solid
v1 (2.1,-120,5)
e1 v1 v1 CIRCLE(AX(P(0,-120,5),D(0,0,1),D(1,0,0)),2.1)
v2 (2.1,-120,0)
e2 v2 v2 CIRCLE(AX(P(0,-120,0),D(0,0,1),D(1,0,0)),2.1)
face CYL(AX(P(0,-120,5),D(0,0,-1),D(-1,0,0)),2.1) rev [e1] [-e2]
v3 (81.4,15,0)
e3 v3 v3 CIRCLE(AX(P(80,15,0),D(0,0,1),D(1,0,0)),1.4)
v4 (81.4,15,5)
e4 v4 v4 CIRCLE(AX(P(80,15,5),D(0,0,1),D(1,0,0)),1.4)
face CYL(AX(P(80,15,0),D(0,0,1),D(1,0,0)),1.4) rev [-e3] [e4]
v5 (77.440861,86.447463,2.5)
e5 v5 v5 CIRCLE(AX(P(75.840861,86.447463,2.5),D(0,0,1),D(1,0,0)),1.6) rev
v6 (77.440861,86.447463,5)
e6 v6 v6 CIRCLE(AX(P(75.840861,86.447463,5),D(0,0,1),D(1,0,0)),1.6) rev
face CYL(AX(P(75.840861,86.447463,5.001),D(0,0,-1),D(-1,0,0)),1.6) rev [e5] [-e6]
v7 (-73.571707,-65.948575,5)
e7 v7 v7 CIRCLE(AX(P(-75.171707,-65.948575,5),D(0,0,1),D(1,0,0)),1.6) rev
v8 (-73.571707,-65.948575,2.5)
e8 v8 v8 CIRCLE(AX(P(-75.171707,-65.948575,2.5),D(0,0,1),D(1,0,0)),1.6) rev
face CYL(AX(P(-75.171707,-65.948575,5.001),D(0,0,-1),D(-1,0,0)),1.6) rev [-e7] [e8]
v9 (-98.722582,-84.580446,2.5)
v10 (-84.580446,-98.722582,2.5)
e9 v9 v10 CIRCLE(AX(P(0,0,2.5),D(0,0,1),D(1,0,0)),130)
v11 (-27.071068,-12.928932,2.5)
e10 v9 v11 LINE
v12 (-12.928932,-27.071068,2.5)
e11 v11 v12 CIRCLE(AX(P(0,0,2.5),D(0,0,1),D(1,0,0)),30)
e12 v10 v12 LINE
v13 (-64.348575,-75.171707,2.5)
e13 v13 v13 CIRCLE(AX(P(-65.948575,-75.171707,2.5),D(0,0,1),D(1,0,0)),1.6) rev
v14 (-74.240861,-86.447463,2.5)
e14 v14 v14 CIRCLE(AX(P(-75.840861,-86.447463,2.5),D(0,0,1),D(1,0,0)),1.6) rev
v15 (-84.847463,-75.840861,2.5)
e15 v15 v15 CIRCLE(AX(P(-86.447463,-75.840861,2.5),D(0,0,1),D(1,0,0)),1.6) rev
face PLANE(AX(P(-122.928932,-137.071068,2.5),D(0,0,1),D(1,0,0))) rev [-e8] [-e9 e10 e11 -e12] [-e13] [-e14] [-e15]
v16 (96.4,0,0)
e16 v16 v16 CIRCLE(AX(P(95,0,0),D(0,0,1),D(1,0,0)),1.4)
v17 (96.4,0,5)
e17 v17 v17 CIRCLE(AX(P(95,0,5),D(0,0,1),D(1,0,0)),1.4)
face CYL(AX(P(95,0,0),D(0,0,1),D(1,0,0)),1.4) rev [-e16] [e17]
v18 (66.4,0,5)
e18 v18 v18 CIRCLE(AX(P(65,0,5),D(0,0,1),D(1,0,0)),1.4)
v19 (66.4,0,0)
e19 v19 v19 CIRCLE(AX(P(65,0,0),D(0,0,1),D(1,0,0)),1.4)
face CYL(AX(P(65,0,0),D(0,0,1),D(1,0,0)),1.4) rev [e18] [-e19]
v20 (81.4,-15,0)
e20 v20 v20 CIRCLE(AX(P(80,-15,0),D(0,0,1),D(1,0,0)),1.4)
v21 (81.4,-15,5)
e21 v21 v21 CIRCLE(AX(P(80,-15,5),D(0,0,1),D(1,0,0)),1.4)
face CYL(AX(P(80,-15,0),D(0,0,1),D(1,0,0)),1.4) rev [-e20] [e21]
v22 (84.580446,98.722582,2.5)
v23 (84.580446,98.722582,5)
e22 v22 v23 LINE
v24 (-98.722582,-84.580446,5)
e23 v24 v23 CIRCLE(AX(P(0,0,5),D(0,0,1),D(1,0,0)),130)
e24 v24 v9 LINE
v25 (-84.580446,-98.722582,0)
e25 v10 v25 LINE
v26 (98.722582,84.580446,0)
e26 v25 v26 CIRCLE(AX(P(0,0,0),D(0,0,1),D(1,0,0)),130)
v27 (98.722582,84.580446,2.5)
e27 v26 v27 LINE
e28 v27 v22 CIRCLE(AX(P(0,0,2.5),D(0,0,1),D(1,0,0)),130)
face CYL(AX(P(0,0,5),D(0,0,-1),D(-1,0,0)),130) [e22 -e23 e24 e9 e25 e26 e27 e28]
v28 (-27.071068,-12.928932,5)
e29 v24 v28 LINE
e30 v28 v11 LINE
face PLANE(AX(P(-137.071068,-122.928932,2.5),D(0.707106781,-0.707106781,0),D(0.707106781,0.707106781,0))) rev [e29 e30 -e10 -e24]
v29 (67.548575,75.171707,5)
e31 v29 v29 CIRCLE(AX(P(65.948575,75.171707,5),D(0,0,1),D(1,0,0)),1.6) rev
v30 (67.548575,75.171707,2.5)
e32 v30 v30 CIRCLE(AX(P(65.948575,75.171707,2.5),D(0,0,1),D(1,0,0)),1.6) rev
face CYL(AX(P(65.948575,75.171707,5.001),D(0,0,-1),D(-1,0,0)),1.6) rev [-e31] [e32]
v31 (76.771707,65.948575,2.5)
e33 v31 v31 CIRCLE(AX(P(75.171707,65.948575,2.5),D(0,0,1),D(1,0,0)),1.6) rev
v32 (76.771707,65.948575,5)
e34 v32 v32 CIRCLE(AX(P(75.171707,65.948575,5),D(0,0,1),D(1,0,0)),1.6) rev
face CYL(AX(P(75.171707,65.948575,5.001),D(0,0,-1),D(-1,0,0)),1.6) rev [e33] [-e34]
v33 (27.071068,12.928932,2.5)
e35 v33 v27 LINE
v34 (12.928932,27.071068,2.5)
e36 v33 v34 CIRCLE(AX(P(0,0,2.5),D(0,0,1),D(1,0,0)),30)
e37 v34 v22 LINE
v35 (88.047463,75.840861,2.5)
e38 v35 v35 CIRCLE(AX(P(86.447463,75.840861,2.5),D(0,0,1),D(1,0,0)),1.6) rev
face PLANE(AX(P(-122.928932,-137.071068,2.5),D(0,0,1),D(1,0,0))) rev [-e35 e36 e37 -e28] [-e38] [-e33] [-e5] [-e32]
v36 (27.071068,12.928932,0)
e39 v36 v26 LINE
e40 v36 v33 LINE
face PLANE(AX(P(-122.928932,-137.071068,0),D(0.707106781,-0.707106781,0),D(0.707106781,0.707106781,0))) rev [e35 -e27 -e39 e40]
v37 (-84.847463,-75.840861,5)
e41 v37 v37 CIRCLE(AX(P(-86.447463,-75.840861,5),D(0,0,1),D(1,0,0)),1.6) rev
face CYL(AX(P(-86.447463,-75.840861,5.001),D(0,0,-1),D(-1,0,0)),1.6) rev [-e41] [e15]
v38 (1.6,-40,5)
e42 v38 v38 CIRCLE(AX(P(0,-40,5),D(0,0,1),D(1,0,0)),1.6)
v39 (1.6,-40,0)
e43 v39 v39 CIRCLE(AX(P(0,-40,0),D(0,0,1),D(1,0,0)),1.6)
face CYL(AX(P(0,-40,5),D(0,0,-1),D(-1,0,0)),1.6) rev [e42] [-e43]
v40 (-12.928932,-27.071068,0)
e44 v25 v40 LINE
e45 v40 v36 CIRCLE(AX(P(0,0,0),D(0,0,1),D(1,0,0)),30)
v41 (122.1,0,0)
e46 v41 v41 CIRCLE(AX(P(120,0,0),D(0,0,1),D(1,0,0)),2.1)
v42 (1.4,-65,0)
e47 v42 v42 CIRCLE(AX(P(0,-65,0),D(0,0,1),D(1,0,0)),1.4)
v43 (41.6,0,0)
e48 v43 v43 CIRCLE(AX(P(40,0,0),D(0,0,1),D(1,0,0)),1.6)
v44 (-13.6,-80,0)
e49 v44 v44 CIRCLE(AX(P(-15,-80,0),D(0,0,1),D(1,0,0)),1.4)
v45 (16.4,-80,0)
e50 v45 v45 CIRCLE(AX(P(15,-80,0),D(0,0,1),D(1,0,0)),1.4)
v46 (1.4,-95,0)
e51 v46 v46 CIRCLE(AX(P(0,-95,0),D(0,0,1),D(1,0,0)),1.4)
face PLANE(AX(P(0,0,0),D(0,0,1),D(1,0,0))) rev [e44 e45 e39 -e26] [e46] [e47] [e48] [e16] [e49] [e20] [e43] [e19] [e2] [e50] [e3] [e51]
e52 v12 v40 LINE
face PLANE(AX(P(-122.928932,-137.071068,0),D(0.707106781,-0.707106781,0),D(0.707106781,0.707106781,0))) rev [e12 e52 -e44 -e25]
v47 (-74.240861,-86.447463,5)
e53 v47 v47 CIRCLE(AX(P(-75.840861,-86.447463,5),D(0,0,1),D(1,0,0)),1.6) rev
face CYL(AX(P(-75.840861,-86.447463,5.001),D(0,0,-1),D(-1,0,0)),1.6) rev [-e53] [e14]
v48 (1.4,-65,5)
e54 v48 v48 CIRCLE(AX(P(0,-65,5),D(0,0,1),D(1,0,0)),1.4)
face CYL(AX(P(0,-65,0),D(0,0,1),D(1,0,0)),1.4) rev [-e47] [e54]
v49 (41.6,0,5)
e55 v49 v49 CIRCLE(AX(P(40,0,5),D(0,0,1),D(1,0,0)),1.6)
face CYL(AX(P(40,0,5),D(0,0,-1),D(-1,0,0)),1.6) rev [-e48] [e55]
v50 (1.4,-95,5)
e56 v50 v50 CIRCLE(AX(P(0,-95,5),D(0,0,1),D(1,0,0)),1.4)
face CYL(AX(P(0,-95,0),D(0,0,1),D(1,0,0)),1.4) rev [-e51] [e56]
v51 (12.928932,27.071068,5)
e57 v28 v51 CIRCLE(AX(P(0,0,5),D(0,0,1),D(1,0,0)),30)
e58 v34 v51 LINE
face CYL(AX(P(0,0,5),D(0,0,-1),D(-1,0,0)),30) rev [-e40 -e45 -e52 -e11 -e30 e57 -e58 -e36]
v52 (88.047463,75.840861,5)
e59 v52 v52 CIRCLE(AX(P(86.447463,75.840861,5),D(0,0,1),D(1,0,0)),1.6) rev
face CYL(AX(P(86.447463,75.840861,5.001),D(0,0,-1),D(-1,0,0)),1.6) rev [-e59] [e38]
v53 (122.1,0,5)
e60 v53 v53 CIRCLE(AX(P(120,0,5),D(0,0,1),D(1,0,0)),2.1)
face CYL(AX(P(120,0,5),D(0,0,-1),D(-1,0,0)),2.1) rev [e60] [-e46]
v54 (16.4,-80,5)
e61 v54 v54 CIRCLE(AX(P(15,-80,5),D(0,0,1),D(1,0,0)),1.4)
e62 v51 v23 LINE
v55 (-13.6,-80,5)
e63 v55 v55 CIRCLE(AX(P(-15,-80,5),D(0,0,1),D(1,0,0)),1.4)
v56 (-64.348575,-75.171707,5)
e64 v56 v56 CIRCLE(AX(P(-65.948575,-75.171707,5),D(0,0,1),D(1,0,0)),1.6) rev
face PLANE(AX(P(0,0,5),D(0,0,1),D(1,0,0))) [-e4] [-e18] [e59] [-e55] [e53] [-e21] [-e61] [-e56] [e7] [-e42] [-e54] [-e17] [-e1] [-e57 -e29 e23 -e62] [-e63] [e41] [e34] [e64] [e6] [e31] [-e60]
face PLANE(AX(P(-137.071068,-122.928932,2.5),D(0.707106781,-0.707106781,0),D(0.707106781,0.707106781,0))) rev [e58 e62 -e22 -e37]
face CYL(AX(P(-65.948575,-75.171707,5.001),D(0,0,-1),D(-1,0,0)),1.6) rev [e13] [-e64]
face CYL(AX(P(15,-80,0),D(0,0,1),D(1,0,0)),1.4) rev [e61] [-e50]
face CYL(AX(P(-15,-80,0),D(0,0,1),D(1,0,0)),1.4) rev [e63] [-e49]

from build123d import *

# Parameters (mm, degrees)
SKETCH_1_R               = 130
SKETCH_1_R_2             = 30
SKETCH_1_R_3             = 2.1
SKETCH_1_R_4             = 1.6
EXTRUDE_1_DEPTH          = 5
SKETCH_2_R               = 1.4
CUT_EXTRUDE_1_DEPTH      = 1
CUT_EXTRUDE_1_DEPTH_BACK = 6
CUT_EXTRUDE_2_REACH      = 7
SKETCH_8_R               = 1.6
CUT_EXTRUDE_3_DEPTH      = 314.847763109


with BuildPart() as part:
    # 草图1 → 凸台-拉伸1 (new body)
    with BuildSketch(Plane.XY):
        Circle(SKETCH_1_R)
        Circle(SKETCH_1_R_2, mode=Mode.SUBTRACT)
        with Locations((0, 120)):
            Circle(SKETCH_1_R_3, mode=Mode.SUBTRACT)
        with Locations((120, 0)):
            Circle(SKETCH_1_R_3, mode=Mode.SUBTRACT)
        with Locations((0, -120)):
            Circle(SKETCH_1_R_3, mode=Mode.SUBTRACT)
        with Locations((-120, 0)):
            Circle(SKETCH_1_R_3, mode=Mode.SUBTRACT)
        with Locations((0, 40)):
            Circle(SKETCH_1_R_4, mode=Mode.SUBTRACT)
        with Locations((40, 0)):
            Circle(SKETCH_1_R_4, mode=Mode.SUBTRACT)
        with Locations((0, -40)):
            Circle(SKETCH_1_R_4, mode=Mode.SUBTRACT)
        with Locations((-40, 0)):
            Circle(SKETCH_1_R_4, mode=Mode.SUBTRACT)
    extrude(amount=EXTRUDE_1_DEPTH)

    # 草图2 → 切除-拉伸1 (cut, two sides)
    with BuildSketch(Plane.XY.offset(5)) as cut_extrude_1_sk:
        with Locations((0, 95)):
            Circle(SKETCH_2_R)
        with Locations((15, 80)):
            Circle(SKETCH_2_R)
        with Locations((0, 65)):
            Circle(SKETCH_2_R)
        with Locations((-15, 80)):
            Circle(SKETCH_2_R)
        with Locations((95, 0)):
            Circle(SKETCH_2_R)
        with Locations((80, -15)):
            Circle(SKETCH_2_R)
        with Locations((65, 0)):
            Circle(SKETCH_2_R)
        with Locations((80, 15)):
            Circle(SKETCH_2_R)
        with Locations((0, -95)):
            Circle(SKETCH_2_R)
        with Locations((-15, -80)):
            Circle(SKETCH_2_R)
        with Locations((0, -65)):
            Circle(SKETCH_2_R)
        with Locations((15, -80)):
            Circle(SKETCH_2_R)
        with Locations((-95, 0)):
            Circle(SKETCH_2_R)
        with Locations((-80, 15)):
            Circle(SKETCH_2_R)
        with Locations((-65, 0)):
            Circle(SKETCH_2_R)
        with Locations((-80, -15)):
            Circle(SKETCH_2_R)
    extrude(amount=CUT_EXTRUDE_1_DEPTH, mode=Mode.SUBTRACT)
    extrude(cut_extrude_1_sk.sketch, amount=-CUT_EXTRUDE_1_DEPTH_BACK, mode=Mode.SUBTRACT)

    # 草图8 → 切除-拉伸2 (cut, up to next)
    with BuildSketch(Plane(origin=(0, 0, 0), x_dir=(-1, 0, 0), z_dir=(0, 0, -1)), mode=Mode.PRIVATE) as cut_extrude_2_sk1:
        with Locations((-75.840860977, 86.447462694)):
            Circle(SKETCH_8_R)
    cut_extrude_2_tool1 = extrude(cut_extrude_2_sk1.sketch, amount=-CUT_EXTRUDE_2_REACH, mode=Mode.PRIVATE) & part.part
    add(cut_extrude_2_tool1.solids().sort_by_distance((75.840861, 86.447463, 0))[0], mode=Mode.SUBTRACT)
    # 草图8 → 切除-拉伸2 (cut, up to next)
    with BuildSketch(Plane(origin=(0, 0, 0), x_dir=(-1, 0, 0), z_dir=(0, 0, -1)), mode=Mode.PRIVATE) as cut_extrude_2_sk2:
        with Locations((-86.447462694, 75.840860977)):
            Circle(SKETCH_8_R)
    cut_extrude_2_tool2 = extrude(cut_extrude_2_sk2.sketch, amount=-CUT_EXTRUDE_2_REACH, mode=Mode.PRIVATE) & part.part
    add(cut_extrude_2_tool2.solids().sort_by_distance((86.447463, 75.840861, 0))[0], mode=Mode.SUBTRACT)
    # 草图8 → 切除-拉伸2 (cut, up to next)
    with BuildSketch(Plane(origin=(0, 0, 0), x_dir=(-1, 0, 0), z_dir=(0, 0, -1)), mode=Mode.PRIVATE) as cut_extrude_2_sk3:
        with Locations((-65.948574762, 75.171706691)):
            Circle(SKETCH_8_R)
    cut_extrude_2_tool3 = extrude(cut_extrude_2_sk3.sketch, amount=-CUT_EXTRUDE_2_REACH, mode=Mode.PRIVATE) & part.part
    add(cut_extrude_2_tool3.solids().sort_by_distance((65.948575, 75.171707, 0))[0], mode=Mode.SUBTRACT)
    # 草图8 → 切除-拉伸2 (cut, up to next)
    with BuildSketch(Plane(origin=(0, 0, 0), x_dir=(-1, 0, 0), z_dir=(0, 0, -1)), mode=Mode.PRIVATE) as cut_extrude_2_sk4:
        with Locations((-75.171706691, 65.948574762)):
            Circle(SKETCH_8_R)
    cut_extrude_2_tool4 = extrude(cut_extrude_2_sk4.sketch, amount=-CUT_EXTRUDE_2_REACH, mode=Mode.PRIVATE) & part.part
    add(cut_extrude_2_tool4.solids().sort_by_distance((75.171707, 65.948575, 0))[0], mode=Mode.SUBTRACT)
    # 草图8 → 切除-拉伸2 (cut, up to next)
    with BuildSketch(Plane(origin=(0, 0, 0), x_dir=(-1, 0, 0), z_dir=(0, 0, -1)), mode=Mode.PRIVATE) as cut_extrude_2_sk5:
        with Locations((65.948574762, -75.171706691)):
            Circle(SKETCH_8_R)
    cut_extrude_2_tool5 = extrude(cut_extrude_2_sk5.sketch, amount=-CUT_EXTRUDE_2_REACH, mode=Mode.PRIVATE) & part.part
    add(cut_extrude_2_tool5.solids().sort_by_distance((-65.948575, -75.171707, 0))[0], mode=Mode.SUBTRACT)
    # 草图8 → 切除-拉伸2 (cut, up to next)
    with BuildSketch(Plane(origin=(0, 0, 0), x_dir=(-1, 0, 0), z_dir=(0, 0, -1)), mode=Mode.PRIVATE) as cut_extrude_2_sk6:
        with Locations((75.171706691, -65.948574762)):
            Circle(SKETCH_8_R)
    cut_extrude_2_tool6 = extrude(cut_extrude_2_sk6.sketch, amount=-CUT_EXTRUDE_2_REACH, mode=Mode.PRIVATE) & part.part
    add(cut_extrude_2_tool6.solids().sort_by_distance((-75.171707, -65.948575, 0))[0], mode=Mode.SUBTRACT)
    # 草图8 → 切除-拉伸2 (cut, up to next)
    with BuildSketch(Plane(origin=(0, 0, 0), x_dir=(-1, 0, 0), z_dir=(0, 0, -1)), mode=Mode.PRIVATE) as cut_extrude_2_sk7:
        with Locations((75.840860977, -86.447462694)):
            Circle(SKETCH_8_R)
    cut_extrude_2_tool7 = extrude(cut_extrude_2_sk7.sketch, amount=-CUT_EXTRUDE_2_REACH, mode=Mode.PRIVATE) & part.part
    add(cut_extrude_2_tool7.solids().sort_by_distance((-75.840861, -86.447463, 0))[0], mode=Mode.SUBTRACT)
    # 草图8 → 切除-拉伸2 (cut, up to next)
    with BuildSketch(Plane(origin=(0, 0, 0), x_dir=(-1, 0, 0), z_dir=(0, 0, -1)), mode=Mode.PRIVATE) as cut_extrude_2_sk8:
        with Locations((86.447462694, -75.840860977)):
            Circle(SKETCH_8_R)
    cut_extrude_2_tool8 = extrude(cut_extrude_2_sk8.sketch, amount=-CUT_EXTRUDE_2_REACH, mode=Mode.PRIVATE) & part.part
    add(cut_extrude_2_tool8.solids().sort_by_distance((-86.447463, -75.840861, 0))[0], mode=Mode.SUBTRACT)

    # 草图5 → 切除-拉伸3 (cut, through all)
    with BuildSketch(Plane(origin=(91.923881554, 91.923881554, 0), x_dir=(0, 0, -1), z_dir=(0.707106781, 0.707106781, 0))):
        Polygon((0, -10), (-2.5, -10), (-2.5, 10), (-5, 10), (-5, 130), (0, 130), align=None)
    extrude(amount=-CUT_EXTRUDE_3_DEPTH, mode=Mode.SUBTRACT)


solid = part.part
